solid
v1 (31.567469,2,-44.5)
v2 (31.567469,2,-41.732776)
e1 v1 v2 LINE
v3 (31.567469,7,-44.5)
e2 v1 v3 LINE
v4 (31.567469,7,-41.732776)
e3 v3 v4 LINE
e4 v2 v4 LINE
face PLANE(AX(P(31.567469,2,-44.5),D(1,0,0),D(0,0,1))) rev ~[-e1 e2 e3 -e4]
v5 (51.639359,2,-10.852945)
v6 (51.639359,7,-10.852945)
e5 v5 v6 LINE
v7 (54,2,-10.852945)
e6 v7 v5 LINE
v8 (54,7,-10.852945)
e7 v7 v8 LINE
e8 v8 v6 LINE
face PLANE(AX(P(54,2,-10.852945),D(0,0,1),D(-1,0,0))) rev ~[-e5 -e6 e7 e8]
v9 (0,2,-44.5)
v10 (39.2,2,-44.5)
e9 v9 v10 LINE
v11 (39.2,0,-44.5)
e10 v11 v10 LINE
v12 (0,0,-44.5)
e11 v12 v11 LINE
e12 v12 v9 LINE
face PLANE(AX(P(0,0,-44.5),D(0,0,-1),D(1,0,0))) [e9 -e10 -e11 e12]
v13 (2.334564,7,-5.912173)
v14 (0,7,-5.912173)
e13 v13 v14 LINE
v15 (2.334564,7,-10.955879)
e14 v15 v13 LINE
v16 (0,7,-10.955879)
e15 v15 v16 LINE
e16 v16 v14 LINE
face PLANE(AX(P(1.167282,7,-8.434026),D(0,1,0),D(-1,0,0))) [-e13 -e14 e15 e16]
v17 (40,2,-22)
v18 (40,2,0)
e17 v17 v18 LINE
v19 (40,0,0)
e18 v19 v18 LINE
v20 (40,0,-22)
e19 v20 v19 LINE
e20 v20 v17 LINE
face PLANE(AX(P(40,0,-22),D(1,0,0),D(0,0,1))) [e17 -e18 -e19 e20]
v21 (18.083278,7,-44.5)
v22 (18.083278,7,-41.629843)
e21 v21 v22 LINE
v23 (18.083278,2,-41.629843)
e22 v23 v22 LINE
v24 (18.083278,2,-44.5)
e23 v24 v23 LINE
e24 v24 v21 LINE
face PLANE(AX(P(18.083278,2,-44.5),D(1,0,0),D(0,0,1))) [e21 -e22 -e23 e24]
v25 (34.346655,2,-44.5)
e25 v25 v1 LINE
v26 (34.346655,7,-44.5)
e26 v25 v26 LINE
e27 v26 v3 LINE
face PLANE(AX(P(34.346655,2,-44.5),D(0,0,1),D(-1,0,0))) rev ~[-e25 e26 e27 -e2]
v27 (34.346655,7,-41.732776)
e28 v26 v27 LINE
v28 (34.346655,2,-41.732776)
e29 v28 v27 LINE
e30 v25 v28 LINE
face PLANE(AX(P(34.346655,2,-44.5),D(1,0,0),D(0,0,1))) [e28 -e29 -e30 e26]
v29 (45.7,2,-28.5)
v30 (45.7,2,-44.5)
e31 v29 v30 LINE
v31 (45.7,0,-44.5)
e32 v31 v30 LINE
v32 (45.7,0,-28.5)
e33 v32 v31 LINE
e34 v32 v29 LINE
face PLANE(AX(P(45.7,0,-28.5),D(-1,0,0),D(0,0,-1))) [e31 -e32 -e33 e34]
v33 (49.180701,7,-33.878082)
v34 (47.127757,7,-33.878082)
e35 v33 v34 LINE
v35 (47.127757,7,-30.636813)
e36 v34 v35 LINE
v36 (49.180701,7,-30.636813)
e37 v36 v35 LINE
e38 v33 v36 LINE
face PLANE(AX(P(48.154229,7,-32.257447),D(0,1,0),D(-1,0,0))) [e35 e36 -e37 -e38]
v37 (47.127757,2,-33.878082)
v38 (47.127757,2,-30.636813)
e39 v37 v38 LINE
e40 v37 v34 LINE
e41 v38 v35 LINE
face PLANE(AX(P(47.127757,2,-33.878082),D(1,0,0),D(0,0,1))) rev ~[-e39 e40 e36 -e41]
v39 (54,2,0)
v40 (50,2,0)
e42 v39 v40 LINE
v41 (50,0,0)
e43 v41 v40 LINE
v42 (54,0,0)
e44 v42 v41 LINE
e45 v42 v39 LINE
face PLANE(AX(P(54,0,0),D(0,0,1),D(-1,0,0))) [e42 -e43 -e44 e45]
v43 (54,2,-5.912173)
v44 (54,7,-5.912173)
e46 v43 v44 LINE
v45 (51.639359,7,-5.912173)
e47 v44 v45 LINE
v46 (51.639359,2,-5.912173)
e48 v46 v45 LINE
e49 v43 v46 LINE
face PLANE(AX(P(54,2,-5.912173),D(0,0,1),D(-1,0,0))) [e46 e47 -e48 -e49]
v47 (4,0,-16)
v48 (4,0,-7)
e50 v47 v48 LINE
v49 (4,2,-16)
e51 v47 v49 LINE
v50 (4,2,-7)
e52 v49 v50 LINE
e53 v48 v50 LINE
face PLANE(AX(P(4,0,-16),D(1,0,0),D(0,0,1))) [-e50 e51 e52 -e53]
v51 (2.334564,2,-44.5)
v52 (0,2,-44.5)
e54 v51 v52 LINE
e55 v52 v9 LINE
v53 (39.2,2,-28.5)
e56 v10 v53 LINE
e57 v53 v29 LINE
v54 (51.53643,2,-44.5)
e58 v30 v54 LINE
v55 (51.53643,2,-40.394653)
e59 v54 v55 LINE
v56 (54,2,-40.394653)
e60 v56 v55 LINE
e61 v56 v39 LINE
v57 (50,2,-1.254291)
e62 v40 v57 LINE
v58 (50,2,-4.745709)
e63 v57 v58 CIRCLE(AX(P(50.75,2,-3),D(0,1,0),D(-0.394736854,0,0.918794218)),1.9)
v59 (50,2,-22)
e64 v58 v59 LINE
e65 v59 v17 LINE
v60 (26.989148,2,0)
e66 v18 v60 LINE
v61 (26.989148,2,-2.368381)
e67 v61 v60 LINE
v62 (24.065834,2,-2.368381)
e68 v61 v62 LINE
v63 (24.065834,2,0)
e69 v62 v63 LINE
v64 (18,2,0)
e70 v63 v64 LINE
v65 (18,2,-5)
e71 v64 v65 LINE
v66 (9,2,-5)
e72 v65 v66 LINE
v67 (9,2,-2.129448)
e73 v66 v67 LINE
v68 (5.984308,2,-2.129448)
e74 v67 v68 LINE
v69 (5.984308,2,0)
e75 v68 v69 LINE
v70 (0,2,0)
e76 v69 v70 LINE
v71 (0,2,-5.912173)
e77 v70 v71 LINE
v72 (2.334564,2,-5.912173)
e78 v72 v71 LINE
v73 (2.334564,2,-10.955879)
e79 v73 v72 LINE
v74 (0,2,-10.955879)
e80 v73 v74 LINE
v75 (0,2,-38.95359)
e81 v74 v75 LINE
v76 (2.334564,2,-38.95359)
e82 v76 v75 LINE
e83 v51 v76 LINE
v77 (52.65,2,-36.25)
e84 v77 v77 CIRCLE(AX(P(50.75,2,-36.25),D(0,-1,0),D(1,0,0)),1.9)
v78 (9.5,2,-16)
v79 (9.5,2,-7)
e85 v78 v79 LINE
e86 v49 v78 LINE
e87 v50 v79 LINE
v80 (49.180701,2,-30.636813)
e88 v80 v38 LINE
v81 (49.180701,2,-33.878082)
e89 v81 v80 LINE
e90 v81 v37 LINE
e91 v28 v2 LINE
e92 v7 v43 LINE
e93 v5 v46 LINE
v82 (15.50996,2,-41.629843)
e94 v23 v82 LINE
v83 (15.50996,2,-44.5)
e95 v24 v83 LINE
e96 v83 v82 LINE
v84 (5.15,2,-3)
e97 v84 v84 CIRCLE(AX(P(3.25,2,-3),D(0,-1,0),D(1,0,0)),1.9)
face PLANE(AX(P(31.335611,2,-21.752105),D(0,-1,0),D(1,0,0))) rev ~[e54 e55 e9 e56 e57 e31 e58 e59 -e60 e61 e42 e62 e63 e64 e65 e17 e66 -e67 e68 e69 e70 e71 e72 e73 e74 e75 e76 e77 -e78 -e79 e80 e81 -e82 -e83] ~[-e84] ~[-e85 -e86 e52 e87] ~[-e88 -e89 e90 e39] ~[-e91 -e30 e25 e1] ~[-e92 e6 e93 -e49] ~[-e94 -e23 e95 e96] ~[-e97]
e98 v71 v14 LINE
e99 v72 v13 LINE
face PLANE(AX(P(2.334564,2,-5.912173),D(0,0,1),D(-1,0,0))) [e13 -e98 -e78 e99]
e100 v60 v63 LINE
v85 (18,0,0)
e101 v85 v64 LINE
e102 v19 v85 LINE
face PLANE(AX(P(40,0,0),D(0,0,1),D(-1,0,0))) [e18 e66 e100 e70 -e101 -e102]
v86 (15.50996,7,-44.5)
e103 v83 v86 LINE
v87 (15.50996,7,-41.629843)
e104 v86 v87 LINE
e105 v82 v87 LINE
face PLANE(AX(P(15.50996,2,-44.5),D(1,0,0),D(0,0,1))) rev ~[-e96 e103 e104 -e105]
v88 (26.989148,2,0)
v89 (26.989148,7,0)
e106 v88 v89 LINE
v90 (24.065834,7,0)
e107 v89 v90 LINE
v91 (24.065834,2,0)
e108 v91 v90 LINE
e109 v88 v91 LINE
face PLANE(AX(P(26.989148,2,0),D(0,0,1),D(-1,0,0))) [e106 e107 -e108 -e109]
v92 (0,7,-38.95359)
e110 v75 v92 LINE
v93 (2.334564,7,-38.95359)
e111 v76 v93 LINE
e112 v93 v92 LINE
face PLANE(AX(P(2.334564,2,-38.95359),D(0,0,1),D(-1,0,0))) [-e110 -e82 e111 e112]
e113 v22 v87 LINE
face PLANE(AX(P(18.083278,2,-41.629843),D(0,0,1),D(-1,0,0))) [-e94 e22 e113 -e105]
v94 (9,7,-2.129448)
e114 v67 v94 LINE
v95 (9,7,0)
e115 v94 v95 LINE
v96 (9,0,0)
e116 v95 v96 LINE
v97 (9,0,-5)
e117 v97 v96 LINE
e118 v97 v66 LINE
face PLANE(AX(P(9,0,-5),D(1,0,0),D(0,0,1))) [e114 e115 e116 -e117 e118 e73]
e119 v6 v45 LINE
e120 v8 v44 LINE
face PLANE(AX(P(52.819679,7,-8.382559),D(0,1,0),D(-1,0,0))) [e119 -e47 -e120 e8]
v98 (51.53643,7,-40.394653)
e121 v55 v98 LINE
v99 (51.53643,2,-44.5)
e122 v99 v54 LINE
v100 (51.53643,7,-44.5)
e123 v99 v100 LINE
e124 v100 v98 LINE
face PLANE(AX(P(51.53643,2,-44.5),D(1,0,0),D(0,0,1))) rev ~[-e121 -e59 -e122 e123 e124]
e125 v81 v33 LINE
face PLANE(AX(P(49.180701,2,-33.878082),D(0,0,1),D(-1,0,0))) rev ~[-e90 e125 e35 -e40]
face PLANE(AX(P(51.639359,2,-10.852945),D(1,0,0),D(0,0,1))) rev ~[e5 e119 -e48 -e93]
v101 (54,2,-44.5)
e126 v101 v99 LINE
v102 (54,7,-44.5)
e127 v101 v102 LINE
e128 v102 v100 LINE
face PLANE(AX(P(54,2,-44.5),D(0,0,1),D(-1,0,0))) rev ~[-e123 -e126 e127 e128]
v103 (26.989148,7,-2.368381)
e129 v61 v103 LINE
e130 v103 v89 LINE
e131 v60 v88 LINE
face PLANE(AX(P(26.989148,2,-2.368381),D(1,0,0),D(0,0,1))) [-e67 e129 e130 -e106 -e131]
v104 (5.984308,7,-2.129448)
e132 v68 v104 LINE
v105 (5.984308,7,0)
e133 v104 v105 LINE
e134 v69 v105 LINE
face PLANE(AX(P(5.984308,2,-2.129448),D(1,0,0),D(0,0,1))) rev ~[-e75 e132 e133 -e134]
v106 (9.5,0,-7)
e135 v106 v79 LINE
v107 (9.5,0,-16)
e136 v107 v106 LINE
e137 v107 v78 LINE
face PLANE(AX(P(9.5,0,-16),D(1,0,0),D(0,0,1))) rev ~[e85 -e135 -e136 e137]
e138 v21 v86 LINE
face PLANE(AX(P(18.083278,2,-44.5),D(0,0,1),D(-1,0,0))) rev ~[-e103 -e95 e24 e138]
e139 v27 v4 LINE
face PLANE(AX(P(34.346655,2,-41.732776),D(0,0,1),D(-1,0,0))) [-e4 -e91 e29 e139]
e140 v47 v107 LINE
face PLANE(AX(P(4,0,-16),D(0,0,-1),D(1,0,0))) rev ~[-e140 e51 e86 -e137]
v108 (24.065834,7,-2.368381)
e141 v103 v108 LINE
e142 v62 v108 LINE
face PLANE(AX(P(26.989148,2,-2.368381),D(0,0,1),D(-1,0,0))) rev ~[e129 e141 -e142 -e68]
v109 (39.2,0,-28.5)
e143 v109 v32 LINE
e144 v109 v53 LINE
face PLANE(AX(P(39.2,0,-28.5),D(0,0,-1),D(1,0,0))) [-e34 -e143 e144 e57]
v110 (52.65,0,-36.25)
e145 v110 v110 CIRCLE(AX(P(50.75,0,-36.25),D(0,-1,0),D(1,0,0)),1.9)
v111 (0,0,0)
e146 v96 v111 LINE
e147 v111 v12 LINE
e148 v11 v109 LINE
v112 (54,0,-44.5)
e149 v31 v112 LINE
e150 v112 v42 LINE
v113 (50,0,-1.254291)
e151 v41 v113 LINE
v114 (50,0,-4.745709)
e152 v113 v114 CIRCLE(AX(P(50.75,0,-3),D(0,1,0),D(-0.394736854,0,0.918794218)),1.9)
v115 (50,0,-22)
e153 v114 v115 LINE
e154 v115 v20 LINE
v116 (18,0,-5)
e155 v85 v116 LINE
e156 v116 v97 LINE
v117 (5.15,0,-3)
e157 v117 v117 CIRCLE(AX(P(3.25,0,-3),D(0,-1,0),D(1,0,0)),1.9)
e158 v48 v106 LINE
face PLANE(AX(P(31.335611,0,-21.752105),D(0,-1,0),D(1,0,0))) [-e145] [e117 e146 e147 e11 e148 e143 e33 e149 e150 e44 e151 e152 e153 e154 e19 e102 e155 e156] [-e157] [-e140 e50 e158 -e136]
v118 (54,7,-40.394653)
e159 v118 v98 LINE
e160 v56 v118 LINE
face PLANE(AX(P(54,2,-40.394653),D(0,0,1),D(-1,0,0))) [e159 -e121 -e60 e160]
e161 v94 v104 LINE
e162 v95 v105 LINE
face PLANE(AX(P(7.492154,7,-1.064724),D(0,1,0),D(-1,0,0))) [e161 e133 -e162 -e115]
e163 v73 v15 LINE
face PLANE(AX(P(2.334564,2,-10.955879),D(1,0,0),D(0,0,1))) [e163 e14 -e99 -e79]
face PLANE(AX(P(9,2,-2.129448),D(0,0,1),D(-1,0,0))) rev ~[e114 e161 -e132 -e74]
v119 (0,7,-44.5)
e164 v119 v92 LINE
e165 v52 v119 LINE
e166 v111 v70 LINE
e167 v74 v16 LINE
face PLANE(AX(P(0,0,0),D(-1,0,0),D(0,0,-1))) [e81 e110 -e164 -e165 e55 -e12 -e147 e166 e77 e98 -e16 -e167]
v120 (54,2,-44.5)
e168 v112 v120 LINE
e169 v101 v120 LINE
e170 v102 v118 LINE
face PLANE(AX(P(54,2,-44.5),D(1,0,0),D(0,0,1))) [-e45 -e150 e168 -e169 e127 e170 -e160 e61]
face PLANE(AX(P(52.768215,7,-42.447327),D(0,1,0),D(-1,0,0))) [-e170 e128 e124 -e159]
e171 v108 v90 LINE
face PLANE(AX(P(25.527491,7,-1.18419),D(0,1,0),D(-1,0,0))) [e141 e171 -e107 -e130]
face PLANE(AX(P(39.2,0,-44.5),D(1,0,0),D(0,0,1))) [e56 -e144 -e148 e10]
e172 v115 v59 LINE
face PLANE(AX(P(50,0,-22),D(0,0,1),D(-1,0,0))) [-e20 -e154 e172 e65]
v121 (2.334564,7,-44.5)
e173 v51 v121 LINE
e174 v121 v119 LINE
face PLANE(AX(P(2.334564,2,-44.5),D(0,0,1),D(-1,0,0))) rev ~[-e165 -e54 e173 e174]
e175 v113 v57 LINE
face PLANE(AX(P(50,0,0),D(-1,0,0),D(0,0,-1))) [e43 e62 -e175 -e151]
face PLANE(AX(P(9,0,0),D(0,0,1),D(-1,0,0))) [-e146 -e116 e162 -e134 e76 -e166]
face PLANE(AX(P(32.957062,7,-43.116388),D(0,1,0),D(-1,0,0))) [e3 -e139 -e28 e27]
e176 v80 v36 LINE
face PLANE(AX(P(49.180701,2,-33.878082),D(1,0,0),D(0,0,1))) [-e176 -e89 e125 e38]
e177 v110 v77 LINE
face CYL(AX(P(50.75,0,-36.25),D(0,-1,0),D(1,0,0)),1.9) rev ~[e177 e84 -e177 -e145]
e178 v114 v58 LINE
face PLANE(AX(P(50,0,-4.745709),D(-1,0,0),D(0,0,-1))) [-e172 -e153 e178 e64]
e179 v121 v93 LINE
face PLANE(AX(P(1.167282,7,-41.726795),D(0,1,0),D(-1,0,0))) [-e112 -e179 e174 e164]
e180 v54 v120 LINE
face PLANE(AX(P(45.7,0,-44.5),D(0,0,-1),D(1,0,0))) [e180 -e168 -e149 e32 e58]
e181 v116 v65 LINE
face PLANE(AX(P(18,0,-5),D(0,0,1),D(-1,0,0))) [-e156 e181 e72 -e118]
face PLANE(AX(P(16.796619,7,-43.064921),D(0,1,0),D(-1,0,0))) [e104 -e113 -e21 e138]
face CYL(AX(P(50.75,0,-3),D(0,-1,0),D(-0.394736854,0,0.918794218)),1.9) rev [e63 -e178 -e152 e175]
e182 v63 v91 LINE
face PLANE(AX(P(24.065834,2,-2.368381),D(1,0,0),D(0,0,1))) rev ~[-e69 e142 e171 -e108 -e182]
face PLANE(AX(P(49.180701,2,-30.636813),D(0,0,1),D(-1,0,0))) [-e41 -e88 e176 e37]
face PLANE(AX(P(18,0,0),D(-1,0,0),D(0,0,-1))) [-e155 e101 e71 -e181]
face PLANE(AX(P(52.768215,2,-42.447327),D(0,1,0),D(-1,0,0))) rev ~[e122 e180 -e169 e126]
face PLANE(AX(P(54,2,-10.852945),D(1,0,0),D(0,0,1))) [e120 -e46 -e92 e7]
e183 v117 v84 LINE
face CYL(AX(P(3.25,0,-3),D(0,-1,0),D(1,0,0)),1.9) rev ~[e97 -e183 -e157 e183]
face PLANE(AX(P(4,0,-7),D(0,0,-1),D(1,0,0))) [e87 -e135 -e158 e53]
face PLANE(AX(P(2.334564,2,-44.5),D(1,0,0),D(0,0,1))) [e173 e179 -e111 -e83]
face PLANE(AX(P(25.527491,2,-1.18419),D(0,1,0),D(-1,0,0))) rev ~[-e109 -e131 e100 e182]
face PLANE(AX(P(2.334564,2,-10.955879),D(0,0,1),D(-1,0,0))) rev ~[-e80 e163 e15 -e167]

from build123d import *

# Parameters (mm, degrees)
F0_R     = 1.9
F0_W     = 5.5
F0_H     = 9
F1_DEPTH = 2
F2_W     = 2.334564
F2_H     = 5.043705
F2_H_2   = 5.546409
F2_W_2   = 2.573319
F2_H_3   = 2.870157
F2_W_3   = 2.779186
F2_H_4   = 2.767223
F2_W_4   = 2.46357
F2_H_5   = 4.105347
F2_W_5   = 2.360641
F2_H_6   = 4.940772
F2_W_6   = 2.923315
F2_H_7   = 2.368381
F2_W_7   = 3.015692
F2_H_8   = 2.129448
F2_W_8   = 2.052944
F2_H_9   = 3.241269
F3_DEPTH = 5


with BuildPart() as f1:
    # F0 (on Front) → F1 (new body)
    with BuildSketch(Plane.XZ):
        with BuildLine():
            Line((9, 0), (0, 0))
            Line((0, 0), (0, -44.5))
            Line((0, -44.5), (39.2, -44.5))
            Line((39.2, -44.5), (39.2, -28.5))
            Line((39.2, -28.5), (45.7, -28.5))
            Line((45.7, -28.5), (45.7, -44.5))
            Line((45.7, -44.5), (54, -44.5))
            Line((54, -44.5), (54, 0))
            Line((54, 0), (50, 0))
            Line((50, 0), (50, -1.254291))
            ThreePointArc((50, -1.254291), (52.65, -3), (50, -4.745709))
            Line((50, -4.745709), (50, -22))
            Line((50, -22), (40, -22))
            Line((40, -22), (40, 0))
            Line((40, 0), (18, 0))
            Line((18, 0), (18, -5))
            Line((18, -5), (9, -5))
            Line((9, -5), (9, 0))
        make_face()
        with Locations((50.75, -36.25)):
            Circle(F0_R, mode=Mode.SUBTRACT)
        with Locations((6.75, -11.5)):
            Rectangle(F0_W, F0_H, mode=Mode.SUBTRACT)
        with Locations((3.25, -3)):
            Circle(F0_R, mode=Mode.SUBTRACT)
    extrude(amount=-F1_DEPTH)

    # F2 (on face) → F3 (join)
    with BuildSketch(Plane(origin=(0, 2, 0), x_dir=(-1, 0, 0), z_dir=(0, 1, 0))):
        with Locations((-1.167282, -8.434026)):
            Rectangle(F2_W, F2_H)
        with Locations((-1.167282, -41.726795)):
            Rectangle(F2_W, F2_H_2)
        with Locations((-16.796619, -43.064921)):
            Rectangle(F2_W_2, F2_H_3)
        with Locations((-32.957062, -43.116388)):
            Rectangle(F2_W_3, F2_H_4)
        with Locations((-52.768215, -42.447327)):
            Rectangle(F2_W_4, F2_H_5)
        with Locations((-52.819679, -8.382559)):
            Rectangle(F2_W_5, F2_H_6)
        with Locations((-25.527491, -1.18419)):
            Rectangle(F2_W_6, F2_H_7)
        with Locations((-7.492154, -1.064724)):
            Rectangle(F2_W_7, F2_H_8)
        with Locations((-48.154229, -32.257447)):
            Rectangle(F2_W_8, F2_H_9)
    extrude(amount=F3_DEPTH)


solid = f1.part
